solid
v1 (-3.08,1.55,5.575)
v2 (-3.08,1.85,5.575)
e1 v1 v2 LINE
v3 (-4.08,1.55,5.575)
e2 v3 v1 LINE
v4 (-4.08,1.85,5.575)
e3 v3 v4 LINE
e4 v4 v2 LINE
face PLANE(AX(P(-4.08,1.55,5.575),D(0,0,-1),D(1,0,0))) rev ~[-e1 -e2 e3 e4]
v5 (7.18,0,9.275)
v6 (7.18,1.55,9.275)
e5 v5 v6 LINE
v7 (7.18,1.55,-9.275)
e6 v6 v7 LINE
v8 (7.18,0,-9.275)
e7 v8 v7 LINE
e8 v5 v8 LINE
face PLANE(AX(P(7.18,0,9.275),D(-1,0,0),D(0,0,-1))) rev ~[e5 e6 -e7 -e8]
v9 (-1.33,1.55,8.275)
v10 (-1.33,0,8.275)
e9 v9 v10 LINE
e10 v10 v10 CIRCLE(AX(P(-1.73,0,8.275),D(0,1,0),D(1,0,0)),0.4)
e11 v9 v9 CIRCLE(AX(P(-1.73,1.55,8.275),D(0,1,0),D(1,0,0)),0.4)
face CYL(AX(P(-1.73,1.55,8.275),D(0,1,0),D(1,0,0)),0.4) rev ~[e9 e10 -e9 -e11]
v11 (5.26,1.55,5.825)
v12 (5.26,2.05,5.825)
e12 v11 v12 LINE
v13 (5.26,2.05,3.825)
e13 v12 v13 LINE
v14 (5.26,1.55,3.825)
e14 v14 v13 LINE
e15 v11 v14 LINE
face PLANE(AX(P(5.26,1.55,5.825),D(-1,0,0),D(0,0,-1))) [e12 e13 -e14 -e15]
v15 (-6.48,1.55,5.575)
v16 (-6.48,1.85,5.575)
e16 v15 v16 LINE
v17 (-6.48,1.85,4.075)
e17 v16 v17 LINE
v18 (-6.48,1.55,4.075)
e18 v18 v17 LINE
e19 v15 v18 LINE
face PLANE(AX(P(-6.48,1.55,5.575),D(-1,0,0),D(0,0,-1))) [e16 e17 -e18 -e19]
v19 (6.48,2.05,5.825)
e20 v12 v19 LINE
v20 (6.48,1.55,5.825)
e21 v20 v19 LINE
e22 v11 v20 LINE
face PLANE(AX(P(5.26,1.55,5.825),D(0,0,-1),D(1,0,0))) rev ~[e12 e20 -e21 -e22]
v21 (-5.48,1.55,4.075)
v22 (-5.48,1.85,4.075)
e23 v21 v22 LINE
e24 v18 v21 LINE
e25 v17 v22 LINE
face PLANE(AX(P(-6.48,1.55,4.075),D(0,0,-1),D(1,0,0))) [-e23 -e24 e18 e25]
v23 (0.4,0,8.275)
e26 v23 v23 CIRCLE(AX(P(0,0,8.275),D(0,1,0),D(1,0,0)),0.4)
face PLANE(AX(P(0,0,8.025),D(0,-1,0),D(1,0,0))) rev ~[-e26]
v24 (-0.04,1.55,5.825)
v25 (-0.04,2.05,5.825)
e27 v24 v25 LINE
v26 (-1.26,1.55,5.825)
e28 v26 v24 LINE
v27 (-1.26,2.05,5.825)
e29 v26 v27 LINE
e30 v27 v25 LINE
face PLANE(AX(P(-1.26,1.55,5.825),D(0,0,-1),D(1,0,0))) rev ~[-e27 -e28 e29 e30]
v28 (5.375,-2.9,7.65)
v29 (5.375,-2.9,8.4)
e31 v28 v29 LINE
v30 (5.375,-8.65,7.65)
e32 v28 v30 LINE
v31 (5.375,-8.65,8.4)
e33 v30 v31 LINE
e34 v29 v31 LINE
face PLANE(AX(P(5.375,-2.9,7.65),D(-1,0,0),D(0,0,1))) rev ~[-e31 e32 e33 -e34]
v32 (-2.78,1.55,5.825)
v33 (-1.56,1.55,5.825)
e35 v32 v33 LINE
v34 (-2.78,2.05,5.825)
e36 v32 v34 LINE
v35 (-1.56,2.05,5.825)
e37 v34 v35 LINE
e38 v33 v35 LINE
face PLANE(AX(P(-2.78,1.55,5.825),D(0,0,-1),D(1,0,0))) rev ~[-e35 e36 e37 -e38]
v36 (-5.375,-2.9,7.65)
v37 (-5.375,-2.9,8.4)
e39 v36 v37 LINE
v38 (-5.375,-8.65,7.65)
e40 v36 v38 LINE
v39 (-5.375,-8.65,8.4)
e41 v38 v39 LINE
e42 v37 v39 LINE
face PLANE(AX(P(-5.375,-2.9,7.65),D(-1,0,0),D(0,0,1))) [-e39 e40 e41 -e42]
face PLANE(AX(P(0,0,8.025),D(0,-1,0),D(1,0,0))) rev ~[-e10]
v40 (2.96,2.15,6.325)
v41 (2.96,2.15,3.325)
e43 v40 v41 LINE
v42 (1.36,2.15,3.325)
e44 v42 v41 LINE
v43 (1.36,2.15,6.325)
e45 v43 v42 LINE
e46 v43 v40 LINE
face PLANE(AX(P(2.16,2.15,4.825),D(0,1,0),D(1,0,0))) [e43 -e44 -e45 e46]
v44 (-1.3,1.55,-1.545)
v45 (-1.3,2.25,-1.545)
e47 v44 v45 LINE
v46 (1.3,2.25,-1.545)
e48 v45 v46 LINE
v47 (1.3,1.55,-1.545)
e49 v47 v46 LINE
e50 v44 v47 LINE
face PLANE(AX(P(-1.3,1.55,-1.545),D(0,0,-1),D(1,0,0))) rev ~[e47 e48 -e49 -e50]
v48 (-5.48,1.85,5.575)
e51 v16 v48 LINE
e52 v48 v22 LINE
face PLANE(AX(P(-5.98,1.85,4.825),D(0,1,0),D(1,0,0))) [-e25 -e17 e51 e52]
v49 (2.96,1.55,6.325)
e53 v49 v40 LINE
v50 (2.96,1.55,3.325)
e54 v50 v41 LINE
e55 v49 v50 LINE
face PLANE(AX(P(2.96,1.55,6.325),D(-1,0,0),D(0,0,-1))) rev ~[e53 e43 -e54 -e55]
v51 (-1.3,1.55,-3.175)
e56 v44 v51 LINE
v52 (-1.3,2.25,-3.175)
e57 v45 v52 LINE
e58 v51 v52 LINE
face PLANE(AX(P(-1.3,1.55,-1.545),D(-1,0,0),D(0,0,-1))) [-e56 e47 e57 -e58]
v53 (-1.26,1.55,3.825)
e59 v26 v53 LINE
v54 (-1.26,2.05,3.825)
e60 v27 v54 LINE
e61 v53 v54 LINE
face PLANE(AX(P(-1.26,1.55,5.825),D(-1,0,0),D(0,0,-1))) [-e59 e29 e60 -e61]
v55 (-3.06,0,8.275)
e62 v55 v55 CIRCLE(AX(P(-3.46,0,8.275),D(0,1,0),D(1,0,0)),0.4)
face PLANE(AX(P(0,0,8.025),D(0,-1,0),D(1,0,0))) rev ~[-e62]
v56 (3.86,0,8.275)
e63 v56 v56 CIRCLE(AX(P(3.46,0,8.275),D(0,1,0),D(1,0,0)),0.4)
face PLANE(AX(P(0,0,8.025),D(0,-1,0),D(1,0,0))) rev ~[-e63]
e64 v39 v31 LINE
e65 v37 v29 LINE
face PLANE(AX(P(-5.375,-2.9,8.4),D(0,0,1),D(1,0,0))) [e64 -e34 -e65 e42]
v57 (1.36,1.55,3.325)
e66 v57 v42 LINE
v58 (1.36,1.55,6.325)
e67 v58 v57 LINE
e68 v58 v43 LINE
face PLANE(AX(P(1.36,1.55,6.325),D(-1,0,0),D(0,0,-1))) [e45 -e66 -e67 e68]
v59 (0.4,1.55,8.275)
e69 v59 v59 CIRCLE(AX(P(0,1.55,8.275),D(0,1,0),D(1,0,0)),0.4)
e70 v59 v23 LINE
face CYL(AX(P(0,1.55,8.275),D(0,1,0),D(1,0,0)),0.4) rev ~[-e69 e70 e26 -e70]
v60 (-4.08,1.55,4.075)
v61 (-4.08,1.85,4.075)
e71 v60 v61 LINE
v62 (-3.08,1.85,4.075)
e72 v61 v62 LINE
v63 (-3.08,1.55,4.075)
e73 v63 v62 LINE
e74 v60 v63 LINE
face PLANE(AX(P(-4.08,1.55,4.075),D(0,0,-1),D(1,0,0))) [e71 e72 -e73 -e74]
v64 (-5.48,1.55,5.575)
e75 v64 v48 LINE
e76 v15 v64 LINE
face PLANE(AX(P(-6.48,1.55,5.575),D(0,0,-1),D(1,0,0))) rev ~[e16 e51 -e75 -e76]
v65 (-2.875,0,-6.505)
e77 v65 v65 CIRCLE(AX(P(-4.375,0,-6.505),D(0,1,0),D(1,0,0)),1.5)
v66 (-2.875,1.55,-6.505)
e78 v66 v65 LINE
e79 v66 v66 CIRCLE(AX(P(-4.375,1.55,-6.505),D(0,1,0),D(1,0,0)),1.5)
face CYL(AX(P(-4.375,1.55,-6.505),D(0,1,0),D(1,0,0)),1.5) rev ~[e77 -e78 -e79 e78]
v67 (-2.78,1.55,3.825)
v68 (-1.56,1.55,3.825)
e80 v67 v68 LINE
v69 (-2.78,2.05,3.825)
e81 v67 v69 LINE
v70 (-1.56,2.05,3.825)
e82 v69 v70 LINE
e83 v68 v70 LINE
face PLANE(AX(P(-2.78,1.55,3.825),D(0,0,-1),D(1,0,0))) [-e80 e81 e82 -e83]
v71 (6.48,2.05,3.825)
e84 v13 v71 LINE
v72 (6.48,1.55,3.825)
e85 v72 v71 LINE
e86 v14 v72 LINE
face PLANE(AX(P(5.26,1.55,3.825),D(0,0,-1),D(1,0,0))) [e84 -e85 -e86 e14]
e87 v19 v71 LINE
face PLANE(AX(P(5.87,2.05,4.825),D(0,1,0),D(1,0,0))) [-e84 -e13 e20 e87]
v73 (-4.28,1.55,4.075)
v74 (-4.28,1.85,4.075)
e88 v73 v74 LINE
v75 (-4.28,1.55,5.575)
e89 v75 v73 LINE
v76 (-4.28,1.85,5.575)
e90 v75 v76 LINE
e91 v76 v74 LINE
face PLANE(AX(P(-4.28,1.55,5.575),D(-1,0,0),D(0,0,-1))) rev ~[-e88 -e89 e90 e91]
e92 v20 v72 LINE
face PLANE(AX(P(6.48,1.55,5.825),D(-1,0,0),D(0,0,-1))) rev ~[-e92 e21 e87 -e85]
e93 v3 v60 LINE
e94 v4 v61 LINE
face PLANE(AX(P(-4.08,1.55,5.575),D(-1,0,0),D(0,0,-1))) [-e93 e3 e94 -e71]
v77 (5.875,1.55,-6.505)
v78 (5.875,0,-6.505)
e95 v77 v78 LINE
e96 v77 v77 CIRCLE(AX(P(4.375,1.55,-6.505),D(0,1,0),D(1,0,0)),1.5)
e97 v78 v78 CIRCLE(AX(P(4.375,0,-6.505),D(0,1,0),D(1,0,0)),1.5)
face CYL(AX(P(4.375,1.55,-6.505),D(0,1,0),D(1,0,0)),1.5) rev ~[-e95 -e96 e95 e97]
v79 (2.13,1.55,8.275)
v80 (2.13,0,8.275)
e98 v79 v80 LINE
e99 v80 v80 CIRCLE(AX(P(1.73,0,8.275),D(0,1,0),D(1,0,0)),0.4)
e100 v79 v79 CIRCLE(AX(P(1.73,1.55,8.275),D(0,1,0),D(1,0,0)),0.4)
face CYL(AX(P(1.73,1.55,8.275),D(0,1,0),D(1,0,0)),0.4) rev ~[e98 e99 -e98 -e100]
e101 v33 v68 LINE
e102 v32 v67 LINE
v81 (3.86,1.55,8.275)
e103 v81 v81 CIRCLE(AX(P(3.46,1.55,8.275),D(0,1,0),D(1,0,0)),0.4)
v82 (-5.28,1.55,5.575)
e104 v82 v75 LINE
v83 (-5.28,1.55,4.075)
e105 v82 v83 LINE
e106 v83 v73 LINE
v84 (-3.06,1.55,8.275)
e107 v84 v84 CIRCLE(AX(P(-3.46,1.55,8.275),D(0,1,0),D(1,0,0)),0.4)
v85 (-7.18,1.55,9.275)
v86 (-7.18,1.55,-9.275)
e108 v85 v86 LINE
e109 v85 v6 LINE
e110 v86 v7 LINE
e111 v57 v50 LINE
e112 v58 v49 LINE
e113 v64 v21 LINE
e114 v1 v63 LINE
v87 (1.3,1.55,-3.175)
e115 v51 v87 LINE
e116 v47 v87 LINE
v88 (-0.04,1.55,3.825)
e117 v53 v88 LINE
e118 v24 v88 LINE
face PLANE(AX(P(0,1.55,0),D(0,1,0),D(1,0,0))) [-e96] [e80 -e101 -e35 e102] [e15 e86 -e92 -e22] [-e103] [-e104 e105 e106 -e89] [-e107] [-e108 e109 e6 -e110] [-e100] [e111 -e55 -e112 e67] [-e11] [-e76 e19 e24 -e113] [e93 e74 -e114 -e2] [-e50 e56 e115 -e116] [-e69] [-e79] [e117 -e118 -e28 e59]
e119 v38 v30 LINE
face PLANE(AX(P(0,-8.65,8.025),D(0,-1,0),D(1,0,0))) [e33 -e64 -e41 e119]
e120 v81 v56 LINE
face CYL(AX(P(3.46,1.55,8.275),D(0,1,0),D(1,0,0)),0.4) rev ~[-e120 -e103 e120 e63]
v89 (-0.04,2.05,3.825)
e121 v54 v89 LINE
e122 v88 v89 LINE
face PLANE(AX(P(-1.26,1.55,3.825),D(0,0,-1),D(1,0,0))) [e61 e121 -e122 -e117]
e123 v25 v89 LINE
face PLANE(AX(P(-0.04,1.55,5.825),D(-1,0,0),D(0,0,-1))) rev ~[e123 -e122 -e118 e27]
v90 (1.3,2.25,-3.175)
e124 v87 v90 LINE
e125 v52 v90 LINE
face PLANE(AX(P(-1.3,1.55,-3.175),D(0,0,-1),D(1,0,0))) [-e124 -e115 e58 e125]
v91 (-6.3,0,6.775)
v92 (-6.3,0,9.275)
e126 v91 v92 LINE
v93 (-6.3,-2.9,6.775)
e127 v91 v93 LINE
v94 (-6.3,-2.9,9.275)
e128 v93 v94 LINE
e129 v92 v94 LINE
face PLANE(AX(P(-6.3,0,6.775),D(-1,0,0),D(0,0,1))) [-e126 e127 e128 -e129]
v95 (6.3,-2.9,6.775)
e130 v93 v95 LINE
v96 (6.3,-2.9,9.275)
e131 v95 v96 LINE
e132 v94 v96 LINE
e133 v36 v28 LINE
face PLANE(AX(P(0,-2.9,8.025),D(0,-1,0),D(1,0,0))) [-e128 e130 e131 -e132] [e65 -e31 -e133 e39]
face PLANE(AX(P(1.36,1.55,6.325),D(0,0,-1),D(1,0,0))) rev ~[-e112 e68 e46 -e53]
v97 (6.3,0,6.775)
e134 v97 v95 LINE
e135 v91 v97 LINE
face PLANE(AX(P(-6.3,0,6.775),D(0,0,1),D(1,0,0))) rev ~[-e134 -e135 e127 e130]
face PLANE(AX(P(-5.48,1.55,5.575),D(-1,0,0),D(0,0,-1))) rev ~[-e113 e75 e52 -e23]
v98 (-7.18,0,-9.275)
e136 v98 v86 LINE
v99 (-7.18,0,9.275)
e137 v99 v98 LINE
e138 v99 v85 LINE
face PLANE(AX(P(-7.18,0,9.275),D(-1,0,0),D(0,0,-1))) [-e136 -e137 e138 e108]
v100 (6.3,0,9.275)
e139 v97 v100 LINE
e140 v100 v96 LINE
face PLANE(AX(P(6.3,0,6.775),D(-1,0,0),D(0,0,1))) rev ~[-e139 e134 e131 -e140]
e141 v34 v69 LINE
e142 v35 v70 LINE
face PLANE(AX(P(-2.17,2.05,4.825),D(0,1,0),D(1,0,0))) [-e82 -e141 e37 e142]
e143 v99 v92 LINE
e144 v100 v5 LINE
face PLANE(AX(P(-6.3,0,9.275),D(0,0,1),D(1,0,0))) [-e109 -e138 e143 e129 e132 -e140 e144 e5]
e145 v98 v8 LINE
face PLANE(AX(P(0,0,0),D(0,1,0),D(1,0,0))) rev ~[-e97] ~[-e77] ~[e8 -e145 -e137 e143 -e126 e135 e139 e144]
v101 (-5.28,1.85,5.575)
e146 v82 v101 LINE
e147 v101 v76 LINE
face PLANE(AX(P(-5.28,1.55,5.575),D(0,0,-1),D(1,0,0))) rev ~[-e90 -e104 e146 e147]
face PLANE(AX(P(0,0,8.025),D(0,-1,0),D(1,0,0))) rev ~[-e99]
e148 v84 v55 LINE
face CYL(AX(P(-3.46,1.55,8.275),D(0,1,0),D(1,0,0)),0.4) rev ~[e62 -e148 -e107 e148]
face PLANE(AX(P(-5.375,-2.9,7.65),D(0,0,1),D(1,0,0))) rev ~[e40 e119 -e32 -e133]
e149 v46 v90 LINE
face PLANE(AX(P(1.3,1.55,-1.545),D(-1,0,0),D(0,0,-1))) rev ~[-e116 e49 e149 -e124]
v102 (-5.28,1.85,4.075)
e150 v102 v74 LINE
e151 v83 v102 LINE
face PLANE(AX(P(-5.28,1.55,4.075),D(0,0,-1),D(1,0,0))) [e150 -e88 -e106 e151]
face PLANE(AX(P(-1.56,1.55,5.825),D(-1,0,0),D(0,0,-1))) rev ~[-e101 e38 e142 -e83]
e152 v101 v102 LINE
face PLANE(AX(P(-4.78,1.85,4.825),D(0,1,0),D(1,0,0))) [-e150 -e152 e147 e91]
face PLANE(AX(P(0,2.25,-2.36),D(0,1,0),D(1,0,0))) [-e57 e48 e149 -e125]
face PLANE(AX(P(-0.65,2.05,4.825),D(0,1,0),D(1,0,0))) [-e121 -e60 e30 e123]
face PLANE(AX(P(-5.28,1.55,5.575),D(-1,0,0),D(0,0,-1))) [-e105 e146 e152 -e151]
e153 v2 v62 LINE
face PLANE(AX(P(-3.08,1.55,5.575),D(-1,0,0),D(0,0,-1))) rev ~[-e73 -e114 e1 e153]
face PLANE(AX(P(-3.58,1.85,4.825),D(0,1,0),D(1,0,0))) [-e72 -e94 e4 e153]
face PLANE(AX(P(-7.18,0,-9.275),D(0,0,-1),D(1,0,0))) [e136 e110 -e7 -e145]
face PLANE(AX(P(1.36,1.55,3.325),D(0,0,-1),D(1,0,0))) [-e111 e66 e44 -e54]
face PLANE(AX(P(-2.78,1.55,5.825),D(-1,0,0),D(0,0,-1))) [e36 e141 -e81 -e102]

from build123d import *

# Parameters (mm, degrees)
SKETCH1_W           = 14.36
SKETCH1_H           = 18.55
BOSS_EXTRUDE1_DEPTH = 1.55
SKETCH2_R           = 1.5
SKETCH2_R_2         = 0.4
CUT_EXTRUDE1_DEPTH  = 2.55
SKETCH5_W           = 2.6
SKETCH5_H           = 1.63
SENSOR_DEPTH        = 0.7
SKETCH6_W           = 1
SKETCH6_H           = 1.5
CAPACITORS1_DEPTH   = 0.3
SKETCH7_W           = 1.22
SKETCH7_H           = 2
CAPACITORS2_DEPTH   = 0.5
SKETCH8_W           = 1.6
SKETCH8_H           = 3
MISC_CHIP1_DEPTH    = 0.6
SKETCH10_W          = 12.6
SKETCH10_H          = 2.5
BOSS_EXTRUDE2_DEPTH = 2.9
SKETCH12_W          = 10.75
SKETCH12_H          = 0.75
BOSS_EXTRUDE3_DEPTH = 5.75


with BuildPart() as part:
    # Sketch1 → Boss-Extrude1 (new body)
    with BuildSketch(Plane(origin=(0, 0, 0), x_dir=(1, 0, 0), z_dir=(0, 1, 0))):
        Rectangle(SKETCH1_W, SKETCH1_H)
    extrude(amount=BOSS_EXTRUDE1_DEPTH)

    # Sketch2 → Cut-Extrude1 (cut, through all)
    with BuildSketch(Plane(origin=(0, 1.55, 0), x_dir=(1, 0, 0), z_dir=(0, 1, 0))):
        with Locations((-4.375, 6.505)):
            Circle(SKETCH2_R)
        with Locations((4.375, 6.505)):
            Circle(SKETCH2_R)
        with Locations((-1.73, -8.275)):
            Circle(SKETCH2_R_2)
        with Locations((1.73, -8.275)):
            Circle(SKETCH2_R_2)
        with Locations((3.46, -8.275)):
            Circle(SKETCH2_R_2)
        with Locations((-3.46, -8.275)):
            Circle(SKETCH2_R_2)
        with Locations((0, -8.275)):
            Circle(SKETCH2_R_2)
    extrude(amount=-CUT_EXTRUDE1_DEPTH, mode=Mode.SUBTRACT)

    # Sketch5 → Sensor (add)
    with BuildSketch(Plane(origin=(0, 1.55, 0), x_dir=(1, 0, 0), z_dir=(0, 1, 0))):
        with Locations((0, 2.36)):
            Rectangle(SKETCH5_W, SKETCH5_H)
    extrude(amount=SENSOR_DEPTH)

    # Sketch6 → Capacitors1 (add)
    with BuildSketch(Plane(origin=(0, 1.55, 0), x_dir=(1, 0, 0), z_dir=(0, 1, 0))):
        with Locations((-5.98, -4.825)):
            Rectangle(SKETCH6_W, SKETCH6_H)
        with Locations((-4.78, -4.825)):
            Rectangle(SKETCH6_W, SKETCH6_H)
        with Locations((-3.58, -4.825)):
            Rectangle(SKETCH6_W, SKETCH6_H)
    extrude(amount=CAPACITORS1_DEPTH)

    # Sketch7 → Capacitors2 (add)
    with BuildSketch(Plane(origin=(0, 1.55, 0), x_dir=(1, 0, 0), z_dir=(0, 1, 0))):
        with Locations((-2.17, -4.825)):
            Rectangle(SKETCH7_W, SKETCH7_H)
        with Locations((-0.65, -4.825)):
            Rectangle(SKETCH7_W, SKETCH7_H)
        with Locations((5.87, -4.825)):
            Rectangle(SKETCH7_W, SKETCH7_H)
    extrude(amount=CAPACITORS2_DEPTH)

    # Sketch8 → misc.chip1 (add)
    with BuildSketch(Plane(origin=(0, 1.55, 0), x_dir=(1, 0, 0), z_dir=(0, 1, 0))):
        with Locations((2.16, -4.825)):
            Rectangle(SKETCH8_W, SKETCH8_H)
    extrude(amount=MISC_CHIP1_DEPTH)

    # Sketch10 → Boss-Extrude2 (add)
    with BuildSketch(Plane.XZ):
        with Locations((0, 8.025)):
            Rectangle(SKETCH10_W, SKETCH10_H)
    extrude(amount=BOSS_EXTRUDE2_DEPTH)

    # Sketch12 → Boss-Extrude3 (add)
    with BuildSketch(Plane.XZ.offset(2.9)):
        with Locations((0, 8.025)):
            Rectangle(SKETCH12_W, SKETCH12_H)
    extrude(amount=BOSS_EXTRUDE3_DEPTH)


solid = part.part
